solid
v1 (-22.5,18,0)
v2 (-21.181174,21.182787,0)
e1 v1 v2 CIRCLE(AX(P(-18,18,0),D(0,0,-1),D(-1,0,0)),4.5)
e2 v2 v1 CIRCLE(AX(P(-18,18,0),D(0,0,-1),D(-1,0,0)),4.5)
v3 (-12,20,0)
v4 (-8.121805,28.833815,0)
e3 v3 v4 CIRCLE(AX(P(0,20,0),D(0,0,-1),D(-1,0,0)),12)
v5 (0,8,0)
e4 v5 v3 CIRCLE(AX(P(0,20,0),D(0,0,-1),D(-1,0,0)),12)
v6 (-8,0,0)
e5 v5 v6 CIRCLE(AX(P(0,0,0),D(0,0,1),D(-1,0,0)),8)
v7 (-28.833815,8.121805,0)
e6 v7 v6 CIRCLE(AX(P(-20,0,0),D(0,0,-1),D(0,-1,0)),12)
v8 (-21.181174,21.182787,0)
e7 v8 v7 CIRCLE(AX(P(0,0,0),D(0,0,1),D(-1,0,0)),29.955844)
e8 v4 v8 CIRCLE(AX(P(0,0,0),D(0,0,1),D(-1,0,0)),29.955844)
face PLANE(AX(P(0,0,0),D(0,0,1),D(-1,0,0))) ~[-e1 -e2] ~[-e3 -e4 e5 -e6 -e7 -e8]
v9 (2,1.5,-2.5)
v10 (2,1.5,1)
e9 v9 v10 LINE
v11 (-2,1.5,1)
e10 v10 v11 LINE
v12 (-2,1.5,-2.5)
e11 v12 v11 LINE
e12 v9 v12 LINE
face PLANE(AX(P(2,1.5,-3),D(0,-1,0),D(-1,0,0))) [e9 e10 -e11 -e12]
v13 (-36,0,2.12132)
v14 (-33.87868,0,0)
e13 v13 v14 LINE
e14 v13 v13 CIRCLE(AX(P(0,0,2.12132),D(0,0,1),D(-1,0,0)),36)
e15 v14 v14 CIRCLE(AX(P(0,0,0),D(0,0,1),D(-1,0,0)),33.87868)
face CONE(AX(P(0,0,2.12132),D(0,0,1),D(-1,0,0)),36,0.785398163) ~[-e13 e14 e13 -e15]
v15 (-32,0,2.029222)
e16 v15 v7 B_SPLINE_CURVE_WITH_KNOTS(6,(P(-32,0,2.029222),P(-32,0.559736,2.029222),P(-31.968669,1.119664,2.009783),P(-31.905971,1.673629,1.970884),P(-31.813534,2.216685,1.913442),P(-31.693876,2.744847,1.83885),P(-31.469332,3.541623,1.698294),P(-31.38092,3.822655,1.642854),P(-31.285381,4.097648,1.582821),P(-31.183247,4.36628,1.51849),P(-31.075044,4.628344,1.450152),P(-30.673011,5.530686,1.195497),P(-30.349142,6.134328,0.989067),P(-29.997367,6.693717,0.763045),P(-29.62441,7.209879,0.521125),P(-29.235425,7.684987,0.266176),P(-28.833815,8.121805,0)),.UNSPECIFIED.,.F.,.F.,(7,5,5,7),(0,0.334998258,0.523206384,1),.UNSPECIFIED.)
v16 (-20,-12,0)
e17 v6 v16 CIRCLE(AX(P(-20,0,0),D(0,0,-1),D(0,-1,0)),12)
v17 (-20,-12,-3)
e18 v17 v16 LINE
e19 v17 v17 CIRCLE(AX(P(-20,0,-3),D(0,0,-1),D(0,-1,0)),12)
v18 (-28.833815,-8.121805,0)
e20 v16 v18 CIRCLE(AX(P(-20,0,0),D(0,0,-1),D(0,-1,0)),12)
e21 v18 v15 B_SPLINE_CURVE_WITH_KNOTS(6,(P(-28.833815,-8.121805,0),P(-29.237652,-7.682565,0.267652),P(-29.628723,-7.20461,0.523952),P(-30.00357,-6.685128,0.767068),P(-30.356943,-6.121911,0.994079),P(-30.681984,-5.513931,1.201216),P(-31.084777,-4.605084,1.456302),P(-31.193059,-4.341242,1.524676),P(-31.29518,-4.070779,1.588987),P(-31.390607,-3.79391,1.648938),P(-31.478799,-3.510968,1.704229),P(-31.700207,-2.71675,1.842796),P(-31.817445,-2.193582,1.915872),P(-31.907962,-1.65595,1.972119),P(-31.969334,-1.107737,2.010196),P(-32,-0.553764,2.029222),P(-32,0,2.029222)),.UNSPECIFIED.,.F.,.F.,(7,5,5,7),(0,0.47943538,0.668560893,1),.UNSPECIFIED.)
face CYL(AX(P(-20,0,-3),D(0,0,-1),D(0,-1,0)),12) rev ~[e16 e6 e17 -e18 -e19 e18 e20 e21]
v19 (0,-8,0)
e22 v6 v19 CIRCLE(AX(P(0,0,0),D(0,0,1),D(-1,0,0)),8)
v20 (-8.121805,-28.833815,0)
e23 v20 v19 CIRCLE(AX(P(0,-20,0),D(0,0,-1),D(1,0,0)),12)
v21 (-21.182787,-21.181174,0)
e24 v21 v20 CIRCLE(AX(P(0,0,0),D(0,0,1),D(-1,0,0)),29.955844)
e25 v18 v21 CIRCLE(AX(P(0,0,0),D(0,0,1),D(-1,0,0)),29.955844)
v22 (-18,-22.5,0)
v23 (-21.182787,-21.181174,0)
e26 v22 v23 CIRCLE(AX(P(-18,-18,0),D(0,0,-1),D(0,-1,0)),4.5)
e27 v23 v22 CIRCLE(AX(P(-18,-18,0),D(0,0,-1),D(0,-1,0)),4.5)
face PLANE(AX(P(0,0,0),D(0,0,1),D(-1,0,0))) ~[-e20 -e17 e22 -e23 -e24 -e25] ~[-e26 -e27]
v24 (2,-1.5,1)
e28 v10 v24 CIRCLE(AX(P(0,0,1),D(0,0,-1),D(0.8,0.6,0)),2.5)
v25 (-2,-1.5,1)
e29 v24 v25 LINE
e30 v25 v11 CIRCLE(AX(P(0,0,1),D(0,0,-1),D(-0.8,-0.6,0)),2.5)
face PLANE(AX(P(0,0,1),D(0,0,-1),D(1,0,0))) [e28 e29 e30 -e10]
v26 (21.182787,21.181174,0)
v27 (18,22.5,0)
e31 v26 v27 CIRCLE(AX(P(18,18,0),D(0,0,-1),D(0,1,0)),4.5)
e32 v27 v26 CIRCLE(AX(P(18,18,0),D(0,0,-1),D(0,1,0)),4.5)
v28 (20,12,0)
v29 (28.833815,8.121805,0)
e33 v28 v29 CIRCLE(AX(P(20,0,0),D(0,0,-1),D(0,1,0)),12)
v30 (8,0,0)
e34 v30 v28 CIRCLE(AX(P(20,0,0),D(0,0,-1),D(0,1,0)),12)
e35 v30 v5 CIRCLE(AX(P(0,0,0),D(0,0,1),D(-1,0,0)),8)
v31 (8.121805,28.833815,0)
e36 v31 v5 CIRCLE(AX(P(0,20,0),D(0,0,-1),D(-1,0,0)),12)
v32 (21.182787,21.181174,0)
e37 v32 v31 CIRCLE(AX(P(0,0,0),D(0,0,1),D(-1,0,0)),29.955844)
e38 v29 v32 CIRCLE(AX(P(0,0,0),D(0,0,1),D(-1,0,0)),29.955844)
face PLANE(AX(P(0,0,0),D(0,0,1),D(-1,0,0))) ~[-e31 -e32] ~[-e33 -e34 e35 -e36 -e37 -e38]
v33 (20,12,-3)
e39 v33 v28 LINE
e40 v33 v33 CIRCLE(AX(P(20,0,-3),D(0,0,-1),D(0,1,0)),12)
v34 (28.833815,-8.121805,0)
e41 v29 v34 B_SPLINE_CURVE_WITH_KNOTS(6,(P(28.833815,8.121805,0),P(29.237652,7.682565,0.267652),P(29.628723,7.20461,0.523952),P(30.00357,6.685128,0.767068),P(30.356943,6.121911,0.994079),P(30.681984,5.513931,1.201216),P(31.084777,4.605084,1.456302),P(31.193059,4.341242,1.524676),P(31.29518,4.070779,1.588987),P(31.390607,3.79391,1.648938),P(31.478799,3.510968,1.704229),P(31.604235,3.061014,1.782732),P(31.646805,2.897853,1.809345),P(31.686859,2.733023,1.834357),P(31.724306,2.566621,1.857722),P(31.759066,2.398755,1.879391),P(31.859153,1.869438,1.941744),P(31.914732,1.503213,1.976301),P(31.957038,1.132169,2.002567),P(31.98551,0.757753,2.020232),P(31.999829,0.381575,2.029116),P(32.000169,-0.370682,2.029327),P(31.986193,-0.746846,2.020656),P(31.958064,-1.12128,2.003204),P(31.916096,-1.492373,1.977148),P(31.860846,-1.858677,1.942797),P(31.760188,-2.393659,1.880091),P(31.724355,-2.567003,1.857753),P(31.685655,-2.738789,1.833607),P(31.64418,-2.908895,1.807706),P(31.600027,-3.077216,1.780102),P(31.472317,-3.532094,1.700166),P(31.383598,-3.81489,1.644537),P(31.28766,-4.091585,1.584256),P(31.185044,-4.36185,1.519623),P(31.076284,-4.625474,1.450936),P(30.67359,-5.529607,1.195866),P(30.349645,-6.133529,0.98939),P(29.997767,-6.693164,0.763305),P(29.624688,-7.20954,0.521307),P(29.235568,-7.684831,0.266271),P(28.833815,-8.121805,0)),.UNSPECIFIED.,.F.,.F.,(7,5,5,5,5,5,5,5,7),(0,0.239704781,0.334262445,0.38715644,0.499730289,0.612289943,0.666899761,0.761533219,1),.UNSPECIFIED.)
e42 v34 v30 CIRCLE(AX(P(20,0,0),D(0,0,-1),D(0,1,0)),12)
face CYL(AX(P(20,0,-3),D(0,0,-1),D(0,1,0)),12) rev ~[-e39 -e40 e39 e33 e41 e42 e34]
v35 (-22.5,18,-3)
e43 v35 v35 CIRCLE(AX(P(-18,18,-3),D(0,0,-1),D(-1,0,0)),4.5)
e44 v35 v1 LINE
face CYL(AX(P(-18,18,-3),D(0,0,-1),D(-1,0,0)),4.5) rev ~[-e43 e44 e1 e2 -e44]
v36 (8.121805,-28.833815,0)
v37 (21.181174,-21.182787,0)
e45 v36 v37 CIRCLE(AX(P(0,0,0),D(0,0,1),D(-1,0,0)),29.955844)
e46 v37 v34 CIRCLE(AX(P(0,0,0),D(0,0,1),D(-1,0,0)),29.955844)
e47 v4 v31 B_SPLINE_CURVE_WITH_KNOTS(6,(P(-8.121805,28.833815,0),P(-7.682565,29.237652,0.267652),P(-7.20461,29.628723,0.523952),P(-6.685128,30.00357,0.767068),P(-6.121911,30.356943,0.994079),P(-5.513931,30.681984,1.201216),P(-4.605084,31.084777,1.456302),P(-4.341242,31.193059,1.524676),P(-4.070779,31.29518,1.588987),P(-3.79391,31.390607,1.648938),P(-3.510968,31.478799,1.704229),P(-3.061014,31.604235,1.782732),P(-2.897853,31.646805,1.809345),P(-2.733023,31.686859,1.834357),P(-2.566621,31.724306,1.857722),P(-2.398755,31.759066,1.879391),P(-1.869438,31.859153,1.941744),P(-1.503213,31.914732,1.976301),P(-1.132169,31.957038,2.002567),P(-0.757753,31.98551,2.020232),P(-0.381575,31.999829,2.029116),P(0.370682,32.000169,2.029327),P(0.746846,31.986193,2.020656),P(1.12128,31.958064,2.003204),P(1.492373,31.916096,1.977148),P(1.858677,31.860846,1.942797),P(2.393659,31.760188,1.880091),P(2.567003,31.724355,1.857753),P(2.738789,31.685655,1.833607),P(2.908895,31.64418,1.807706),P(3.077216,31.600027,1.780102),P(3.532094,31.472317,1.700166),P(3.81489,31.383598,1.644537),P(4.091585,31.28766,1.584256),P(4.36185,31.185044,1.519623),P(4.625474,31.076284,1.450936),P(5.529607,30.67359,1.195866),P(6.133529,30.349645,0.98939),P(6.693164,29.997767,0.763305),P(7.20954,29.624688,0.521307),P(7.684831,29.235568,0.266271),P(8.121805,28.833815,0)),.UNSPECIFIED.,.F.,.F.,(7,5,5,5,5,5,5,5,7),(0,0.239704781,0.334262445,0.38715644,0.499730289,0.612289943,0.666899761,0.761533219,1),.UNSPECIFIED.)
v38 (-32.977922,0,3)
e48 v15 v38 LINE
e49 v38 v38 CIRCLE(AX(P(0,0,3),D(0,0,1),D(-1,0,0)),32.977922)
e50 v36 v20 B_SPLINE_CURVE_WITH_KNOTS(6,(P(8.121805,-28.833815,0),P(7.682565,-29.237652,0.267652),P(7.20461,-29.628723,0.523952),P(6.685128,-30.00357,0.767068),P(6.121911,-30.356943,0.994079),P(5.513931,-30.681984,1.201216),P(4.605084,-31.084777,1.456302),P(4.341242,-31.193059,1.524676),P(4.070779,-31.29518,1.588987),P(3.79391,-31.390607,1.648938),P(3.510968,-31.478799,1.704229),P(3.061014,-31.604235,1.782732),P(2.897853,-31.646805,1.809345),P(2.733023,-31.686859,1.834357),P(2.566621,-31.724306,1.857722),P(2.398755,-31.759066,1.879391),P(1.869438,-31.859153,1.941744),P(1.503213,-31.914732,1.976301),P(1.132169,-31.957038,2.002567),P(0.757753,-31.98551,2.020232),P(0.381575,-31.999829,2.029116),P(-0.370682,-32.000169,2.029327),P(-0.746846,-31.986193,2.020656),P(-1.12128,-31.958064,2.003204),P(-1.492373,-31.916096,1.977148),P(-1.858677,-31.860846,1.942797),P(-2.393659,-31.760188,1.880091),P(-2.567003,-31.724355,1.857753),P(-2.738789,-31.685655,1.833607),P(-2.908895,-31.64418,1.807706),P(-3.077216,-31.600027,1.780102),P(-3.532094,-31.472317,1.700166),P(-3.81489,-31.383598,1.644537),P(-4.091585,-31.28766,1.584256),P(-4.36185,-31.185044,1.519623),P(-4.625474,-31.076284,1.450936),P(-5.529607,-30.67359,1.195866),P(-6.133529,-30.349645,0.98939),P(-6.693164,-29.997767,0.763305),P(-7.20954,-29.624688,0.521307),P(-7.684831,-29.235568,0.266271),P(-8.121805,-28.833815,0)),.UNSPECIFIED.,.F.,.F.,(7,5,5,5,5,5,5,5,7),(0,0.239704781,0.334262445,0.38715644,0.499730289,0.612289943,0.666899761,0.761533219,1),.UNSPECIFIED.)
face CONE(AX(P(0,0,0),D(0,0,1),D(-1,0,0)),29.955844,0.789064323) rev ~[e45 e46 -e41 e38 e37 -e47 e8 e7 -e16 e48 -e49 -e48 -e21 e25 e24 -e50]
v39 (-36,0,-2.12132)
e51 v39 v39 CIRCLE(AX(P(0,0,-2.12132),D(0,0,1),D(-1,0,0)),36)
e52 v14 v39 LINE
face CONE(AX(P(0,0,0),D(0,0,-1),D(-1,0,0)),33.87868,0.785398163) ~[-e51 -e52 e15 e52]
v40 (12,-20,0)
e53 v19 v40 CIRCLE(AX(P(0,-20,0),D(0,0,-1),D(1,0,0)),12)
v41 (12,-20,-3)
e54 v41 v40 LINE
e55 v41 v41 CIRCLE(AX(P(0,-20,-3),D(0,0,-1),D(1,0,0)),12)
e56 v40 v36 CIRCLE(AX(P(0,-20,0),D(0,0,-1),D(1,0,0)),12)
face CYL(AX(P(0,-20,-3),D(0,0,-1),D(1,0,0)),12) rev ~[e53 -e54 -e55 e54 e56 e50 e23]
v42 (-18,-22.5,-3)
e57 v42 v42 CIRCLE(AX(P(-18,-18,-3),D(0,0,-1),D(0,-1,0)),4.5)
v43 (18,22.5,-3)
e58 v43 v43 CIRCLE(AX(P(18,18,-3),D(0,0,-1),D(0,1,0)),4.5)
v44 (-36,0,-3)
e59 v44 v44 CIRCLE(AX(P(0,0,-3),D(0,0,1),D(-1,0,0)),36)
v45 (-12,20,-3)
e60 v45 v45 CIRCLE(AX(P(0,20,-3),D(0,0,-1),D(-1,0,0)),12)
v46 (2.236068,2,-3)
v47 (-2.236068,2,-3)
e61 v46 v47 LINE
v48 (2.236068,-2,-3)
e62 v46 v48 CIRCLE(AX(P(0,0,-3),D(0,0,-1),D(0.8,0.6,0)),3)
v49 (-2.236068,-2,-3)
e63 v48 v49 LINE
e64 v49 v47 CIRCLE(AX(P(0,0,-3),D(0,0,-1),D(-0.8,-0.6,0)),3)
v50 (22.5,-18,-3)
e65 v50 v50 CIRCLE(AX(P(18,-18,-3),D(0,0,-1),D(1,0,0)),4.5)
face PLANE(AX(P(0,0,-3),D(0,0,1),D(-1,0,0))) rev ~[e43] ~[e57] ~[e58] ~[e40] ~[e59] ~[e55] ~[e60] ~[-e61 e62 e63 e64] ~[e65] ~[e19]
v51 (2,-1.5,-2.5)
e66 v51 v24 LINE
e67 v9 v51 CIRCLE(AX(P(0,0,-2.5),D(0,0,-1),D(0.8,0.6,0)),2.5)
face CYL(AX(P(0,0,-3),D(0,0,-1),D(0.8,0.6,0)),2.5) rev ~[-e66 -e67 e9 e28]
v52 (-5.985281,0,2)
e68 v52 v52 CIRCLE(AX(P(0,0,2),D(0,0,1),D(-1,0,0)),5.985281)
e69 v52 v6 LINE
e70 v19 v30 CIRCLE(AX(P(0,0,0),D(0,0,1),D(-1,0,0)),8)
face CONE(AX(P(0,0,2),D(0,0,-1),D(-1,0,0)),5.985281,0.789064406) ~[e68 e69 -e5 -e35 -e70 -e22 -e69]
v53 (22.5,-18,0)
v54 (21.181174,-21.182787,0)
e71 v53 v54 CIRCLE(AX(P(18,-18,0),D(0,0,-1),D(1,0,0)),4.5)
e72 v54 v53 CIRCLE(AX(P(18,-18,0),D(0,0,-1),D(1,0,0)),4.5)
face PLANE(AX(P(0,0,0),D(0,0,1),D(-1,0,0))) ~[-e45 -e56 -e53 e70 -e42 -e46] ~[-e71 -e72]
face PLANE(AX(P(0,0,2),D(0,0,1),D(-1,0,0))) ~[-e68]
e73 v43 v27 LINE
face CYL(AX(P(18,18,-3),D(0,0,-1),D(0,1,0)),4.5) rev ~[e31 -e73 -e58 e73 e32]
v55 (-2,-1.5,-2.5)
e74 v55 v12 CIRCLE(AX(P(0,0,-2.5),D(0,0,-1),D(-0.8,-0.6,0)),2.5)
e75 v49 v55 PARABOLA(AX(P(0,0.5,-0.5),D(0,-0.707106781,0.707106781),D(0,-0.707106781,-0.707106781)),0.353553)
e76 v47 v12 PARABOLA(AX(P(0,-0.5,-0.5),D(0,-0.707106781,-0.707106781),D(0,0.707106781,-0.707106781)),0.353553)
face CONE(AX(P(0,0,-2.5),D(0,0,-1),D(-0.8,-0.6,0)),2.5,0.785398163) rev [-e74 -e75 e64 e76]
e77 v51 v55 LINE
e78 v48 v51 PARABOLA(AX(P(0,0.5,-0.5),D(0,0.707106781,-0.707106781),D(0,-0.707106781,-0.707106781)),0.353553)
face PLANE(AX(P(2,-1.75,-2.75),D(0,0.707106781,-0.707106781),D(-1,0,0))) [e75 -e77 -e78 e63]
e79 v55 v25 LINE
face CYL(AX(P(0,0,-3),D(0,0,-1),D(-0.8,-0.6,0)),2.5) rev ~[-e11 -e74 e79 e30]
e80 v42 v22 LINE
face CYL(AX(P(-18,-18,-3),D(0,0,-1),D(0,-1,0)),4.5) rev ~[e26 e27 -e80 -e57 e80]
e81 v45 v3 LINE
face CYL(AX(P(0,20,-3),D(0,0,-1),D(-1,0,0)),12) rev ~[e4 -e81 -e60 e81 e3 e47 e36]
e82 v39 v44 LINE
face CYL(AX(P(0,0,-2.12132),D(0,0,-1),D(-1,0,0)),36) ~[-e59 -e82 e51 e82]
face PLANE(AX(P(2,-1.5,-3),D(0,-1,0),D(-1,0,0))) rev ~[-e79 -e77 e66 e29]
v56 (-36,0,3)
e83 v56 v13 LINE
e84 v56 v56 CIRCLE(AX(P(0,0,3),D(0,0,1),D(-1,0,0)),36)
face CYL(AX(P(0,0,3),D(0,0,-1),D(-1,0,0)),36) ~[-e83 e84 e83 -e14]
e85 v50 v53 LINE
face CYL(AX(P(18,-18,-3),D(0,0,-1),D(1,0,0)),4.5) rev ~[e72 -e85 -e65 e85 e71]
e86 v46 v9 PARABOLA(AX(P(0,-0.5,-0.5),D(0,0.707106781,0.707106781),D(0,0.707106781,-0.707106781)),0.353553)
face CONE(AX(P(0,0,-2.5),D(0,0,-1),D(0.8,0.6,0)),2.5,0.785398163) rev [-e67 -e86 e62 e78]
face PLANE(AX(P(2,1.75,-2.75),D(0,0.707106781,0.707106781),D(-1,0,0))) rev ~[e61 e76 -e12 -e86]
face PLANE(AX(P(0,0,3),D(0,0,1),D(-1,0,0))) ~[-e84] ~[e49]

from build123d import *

# Parameters (mm, degrees)
SKETCH001_R        = 12
SKETCH001_R_2      = 4.5
POCKET_DEPTH       = 210.001
POLARPATTERN_COUNT = 4
POCKET001_DEPTH    = 4
CHAMFER_SIZE       = 0.5


with BuildPart() as part:
    # Sketch → Revolution (revolve)
    with BuildSketch(Plane.XZ):
        Polygon((0, 2), (-5.985281, 2), (-8, 0), (-29.955844, 0), (-32.977922, 3), (-36, 3), (-36, 2.12132), (-33.87868, 0), (-36, -2.12132), (-36, -3), (0, -3), align=None)
    revolve(axis=Axis((0, 0, 0), (0, 0, 1)))

    # Sketch001 → Pocket (cut, through all)
    with BuildSketch(Plane(origin=(0, 0, -3), x_dir=(1, 0, 0), z_dir=(0, 0, -1))):
        with Locations((0, 20)):
            Circle(SKETCH001_R)
        with Locations((18, 18)):
            Circle(SKETCH001_R_2)
    pocket = extrude(amount=-POCKET_DEPTH, mode=Mode.SUBTRACT)

    # PolarPattern: Pocket ×4 about axis
    polarpattern_axis = Axis((0, 0, -3), (0, 0, -1))
    for i in range(1, POLARPATTERN_COUNT):
        add(pocket.rotate(polarpattern_axis, i * 360 / POLARPATTERN_COUNT), mode=Mode.SUBTRACT)

    # Sketch002 → Pocket001 (cut)
    with BuildSketch(Plane(origin=(0, 0, -3), x_dir=(1, 0, 0), z_dir=(0, 0, -1))):
        with BuildLine():
            ThreePointArc((-2, 1.5), (-2.5, 0), (-2, -1.5))
            Line((2, -1.5), (-2, -1.5))
            ThreePointArc((2, -1.5), (2.5, 0), (2, 1.5))
            Line((2, 1.5), (-2, 1.5))
        make_face()
    extrude(amount=-POCKET001_DEPTH, mode=Mode.SUBTRACT)

    # Chamfer
    chamfer_edges = [part.edges().sort_by_distance(p)[0] for p in [
        (0, -1.5, -3),
        (-2.5, 0, -3),
        (0, 1.5, -3),
        (2.5, 0, -3),
    ]]
    chamfer(chamfer_edges, length=CHAMFER_SIZE)


solid = part.part
